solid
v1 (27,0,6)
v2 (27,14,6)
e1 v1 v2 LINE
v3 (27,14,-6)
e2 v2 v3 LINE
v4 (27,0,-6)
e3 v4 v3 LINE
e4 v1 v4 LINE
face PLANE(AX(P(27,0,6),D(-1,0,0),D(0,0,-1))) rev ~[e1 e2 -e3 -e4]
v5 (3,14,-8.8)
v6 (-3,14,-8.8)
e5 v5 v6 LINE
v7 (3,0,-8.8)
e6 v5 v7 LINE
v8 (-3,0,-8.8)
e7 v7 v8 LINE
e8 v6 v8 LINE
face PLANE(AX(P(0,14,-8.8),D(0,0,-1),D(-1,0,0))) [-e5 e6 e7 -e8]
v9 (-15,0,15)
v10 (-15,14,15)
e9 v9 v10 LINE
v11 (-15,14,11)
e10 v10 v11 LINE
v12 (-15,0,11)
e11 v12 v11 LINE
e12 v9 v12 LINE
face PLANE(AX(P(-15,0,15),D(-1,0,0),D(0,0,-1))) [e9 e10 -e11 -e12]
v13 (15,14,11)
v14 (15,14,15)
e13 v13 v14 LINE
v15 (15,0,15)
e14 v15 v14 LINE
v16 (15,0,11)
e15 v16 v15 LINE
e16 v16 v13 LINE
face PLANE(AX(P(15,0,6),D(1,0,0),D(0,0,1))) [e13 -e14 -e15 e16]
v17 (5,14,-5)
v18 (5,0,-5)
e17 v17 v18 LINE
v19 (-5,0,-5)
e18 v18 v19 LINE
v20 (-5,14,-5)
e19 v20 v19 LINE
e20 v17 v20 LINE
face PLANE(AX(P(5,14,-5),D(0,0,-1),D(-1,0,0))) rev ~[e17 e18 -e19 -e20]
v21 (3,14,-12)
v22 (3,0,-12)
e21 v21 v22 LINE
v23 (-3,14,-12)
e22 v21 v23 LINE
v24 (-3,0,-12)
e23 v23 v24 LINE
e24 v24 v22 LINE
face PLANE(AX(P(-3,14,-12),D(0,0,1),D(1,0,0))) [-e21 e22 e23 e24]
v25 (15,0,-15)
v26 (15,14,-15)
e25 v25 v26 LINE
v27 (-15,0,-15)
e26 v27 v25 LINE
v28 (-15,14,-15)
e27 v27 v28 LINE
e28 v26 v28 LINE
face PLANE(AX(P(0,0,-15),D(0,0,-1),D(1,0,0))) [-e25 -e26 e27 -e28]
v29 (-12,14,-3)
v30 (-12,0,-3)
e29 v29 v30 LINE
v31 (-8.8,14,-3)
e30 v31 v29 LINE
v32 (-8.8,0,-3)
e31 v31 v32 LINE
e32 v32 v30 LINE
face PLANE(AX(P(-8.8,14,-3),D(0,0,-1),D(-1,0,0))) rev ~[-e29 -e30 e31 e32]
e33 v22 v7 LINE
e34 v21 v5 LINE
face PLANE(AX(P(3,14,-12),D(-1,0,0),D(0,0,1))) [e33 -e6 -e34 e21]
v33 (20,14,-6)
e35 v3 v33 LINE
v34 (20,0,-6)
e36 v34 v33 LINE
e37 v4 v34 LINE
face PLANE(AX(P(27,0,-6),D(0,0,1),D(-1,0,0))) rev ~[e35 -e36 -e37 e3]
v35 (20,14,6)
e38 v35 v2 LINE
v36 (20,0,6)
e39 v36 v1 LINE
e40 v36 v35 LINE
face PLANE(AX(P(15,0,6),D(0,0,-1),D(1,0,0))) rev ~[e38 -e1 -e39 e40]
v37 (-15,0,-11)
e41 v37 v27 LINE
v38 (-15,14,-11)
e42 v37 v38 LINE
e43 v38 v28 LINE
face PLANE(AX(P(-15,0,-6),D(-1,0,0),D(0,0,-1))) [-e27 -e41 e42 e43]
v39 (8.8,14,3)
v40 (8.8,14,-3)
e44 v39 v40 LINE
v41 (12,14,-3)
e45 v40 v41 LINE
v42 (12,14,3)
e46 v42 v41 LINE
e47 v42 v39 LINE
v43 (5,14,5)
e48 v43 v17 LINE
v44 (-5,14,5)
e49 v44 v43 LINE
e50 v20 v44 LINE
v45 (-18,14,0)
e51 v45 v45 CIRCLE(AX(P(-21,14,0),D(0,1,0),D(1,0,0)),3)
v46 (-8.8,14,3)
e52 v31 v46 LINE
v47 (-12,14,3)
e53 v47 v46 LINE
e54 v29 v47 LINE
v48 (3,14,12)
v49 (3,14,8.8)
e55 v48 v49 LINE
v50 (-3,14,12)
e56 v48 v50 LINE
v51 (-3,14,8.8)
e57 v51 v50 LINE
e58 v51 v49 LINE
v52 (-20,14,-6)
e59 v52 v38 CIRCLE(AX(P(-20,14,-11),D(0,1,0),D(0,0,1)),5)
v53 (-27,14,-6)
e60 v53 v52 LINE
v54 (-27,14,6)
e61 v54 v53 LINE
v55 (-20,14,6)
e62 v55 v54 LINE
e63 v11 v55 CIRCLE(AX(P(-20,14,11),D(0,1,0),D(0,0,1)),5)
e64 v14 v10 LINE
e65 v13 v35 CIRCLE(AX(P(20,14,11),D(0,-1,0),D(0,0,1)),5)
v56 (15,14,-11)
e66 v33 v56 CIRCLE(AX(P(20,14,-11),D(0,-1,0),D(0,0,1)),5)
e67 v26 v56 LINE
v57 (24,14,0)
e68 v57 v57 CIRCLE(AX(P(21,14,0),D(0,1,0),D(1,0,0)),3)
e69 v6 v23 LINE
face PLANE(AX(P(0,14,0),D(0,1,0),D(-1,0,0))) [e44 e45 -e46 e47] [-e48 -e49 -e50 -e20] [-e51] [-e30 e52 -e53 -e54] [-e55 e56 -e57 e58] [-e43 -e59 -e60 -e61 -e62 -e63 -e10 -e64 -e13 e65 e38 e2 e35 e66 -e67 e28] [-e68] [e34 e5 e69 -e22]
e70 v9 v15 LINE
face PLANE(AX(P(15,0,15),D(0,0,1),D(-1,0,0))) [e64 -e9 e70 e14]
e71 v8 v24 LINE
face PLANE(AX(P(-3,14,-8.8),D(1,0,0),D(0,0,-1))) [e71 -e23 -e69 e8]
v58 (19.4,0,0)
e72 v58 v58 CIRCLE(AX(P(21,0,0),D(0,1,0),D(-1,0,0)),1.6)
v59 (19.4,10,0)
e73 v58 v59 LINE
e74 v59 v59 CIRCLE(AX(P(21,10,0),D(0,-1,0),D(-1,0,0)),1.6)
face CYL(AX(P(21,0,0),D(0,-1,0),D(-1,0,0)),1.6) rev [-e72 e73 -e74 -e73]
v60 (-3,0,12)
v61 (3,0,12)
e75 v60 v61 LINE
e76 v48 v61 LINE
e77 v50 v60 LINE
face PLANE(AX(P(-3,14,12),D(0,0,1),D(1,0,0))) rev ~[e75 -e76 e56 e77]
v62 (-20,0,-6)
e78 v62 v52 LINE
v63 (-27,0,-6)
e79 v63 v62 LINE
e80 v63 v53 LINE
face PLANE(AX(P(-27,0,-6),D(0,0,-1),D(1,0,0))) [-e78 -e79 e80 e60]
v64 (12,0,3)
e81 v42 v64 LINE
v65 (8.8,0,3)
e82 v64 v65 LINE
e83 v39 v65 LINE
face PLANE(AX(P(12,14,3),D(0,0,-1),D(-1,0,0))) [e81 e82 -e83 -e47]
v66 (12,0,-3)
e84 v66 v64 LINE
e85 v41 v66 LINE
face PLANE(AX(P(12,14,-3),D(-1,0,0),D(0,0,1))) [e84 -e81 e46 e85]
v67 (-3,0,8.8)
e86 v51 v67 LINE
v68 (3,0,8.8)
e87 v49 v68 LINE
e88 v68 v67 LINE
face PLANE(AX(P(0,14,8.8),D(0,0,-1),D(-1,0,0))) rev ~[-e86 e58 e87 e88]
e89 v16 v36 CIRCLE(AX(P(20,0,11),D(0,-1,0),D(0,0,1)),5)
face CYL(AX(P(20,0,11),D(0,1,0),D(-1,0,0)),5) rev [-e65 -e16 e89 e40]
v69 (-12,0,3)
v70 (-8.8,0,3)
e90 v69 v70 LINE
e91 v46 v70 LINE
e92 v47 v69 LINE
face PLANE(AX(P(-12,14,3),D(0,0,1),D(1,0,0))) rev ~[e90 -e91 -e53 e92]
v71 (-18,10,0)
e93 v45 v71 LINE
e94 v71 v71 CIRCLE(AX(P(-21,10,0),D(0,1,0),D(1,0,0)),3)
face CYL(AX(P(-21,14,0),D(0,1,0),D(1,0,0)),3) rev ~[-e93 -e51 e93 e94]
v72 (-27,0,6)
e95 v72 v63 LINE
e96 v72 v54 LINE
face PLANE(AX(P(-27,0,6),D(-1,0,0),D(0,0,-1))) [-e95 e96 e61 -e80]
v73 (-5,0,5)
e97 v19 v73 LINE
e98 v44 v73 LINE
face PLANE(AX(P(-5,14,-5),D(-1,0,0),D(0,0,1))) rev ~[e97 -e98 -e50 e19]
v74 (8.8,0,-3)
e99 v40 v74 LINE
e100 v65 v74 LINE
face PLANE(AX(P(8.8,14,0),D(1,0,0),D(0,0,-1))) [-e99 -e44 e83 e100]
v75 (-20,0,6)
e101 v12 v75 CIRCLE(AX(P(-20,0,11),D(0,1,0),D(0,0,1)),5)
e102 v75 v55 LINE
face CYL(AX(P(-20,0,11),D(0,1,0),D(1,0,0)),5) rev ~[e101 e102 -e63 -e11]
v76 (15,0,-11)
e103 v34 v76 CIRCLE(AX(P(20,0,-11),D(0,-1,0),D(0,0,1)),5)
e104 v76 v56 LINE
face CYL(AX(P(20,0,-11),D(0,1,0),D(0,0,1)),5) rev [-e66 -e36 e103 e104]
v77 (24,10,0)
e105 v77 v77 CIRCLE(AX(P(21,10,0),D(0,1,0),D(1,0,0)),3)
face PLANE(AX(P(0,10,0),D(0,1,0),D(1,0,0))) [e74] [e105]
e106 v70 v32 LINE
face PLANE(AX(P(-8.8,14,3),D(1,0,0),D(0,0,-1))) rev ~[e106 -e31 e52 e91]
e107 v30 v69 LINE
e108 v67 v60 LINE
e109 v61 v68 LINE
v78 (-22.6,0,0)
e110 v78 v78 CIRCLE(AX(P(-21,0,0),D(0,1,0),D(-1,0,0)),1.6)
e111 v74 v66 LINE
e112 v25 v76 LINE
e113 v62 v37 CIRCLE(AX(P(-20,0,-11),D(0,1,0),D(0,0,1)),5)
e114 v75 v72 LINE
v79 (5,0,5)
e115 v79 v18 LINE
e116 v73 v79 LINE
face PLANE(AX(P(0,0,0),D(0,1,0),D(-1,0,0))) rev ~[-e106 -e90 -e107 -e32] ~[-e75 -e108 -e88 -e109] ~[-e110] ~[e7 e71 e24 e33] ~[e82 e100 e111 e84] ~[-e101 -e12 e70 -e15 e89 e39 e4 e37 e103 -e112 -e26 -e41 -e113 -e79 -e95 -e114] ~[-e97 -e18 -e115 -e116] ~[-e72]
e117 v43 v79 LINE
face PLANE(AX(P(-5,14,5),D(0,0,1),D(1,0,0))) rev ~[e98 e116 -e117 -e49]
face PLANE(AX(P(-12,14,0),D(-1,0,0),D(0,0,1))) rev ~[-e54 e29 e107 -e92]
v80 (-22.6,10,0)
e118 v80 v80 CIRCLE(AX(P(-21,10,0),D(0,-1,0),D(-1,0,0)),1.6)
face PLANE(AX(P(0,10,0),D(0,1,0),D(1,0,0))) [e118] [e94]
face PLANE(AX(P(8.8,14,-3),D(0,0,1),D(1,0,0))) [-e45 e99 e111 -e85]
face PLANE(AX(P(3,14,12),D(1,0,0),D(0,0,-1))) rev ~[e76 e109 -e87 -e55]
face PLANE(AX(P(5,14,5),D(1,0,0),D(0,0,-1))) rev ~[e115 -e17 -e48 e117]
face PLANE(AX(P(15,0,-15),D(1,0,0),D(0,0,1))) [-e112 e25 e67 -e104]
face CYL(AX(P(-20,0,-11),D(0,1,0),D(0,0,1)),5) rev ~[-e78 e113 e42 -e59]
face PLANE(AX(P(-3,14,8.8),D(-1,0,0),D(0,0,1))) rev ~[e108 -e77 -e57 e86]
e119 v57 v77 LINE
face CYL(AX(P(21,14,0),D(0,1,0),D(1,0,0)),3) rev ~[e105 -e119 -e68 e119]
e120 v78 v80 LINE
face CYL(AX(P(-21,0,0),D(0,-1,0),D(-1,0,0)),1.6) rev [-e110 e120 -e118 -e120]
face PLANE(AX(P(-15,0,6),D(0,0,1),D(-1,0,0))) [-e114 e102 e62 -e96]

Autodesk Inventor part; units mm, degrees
ref_plane "YZ Plane" through (0, 0, 0) normal (1, 0, 0) x (0, 1, 0)
ref_plane "XZ Plane" through (0, 0, 0) normal (0, 1, 0) x (-1, 0, 0)
ref_plane "XY Plane" through (0, 0, 0) normal (0, 0, 1) x (1, 0, 0)
sketch "Sketch2" plane through (0, 0, 0) normal (0, 1, 0) x (-1, 0, 0)
  line L0 (-15, 15) -> (15, 15)
  line L1 (15, 15) -> (15, -15)
  line L2 (15, -15) -> (-15, -15)
  line L3 (-15, -15) -> (-15, 15)
  line L4 (-15, 15) -> (15, -15) construction
  line L5 (15, 15) -> (-15, -15) construction
  line L6 (15, 6) -> (27, 6)
  line L7 (27, 6) -> (27, -6)
  line L8 (27, -6) -> (15, -6)
  line L9 (15, -6) -> (15, 6)
  line L10 (0, 15) -> (0, -15)
  line L11 (-15, 6) -> (-27, 6)
  line L12 (-27, 6) -> (-27, -6)
  line L13 (-27, -6) -> (-15, -6)
  line L14 (-15, -6) -> (-15, 6)
  circle A0 centre (21, 0) radius 1.6
  circle A1 centre (-21, 0) radius 1.6
  point P0 (0, 0)
  point P1 (15, 0)
  point P2 (-15, 0)
  point P3 (21, 6)
  point P4 (0, 0)
  dimension "d2" = 30
  dimension "d16" = 12
  dimension "d17" = 3.2
extrude "Extrusion1" add sketch "Sketch2" along normal blind 14
sketch "Sketch3" plane through (0, 14, 0) normal (0, 1, 0) x (1, 0, 0)
  line L0 (-3, -12) -> (3, -12)
  line L1 (3, -12) -> (3, -8.8)
  line L2 (3, -8.8) -> (-3, -8.8)
  line L3 (-3, -8.8) -> (-3, -12)
  line L4 (-3, -12) -> (3, -8.8) construction
  line L5 (3, -12) -> (-3, -8.8) construction
  line L6 (-15, 15) -> (-15, -15) projected
  line L7 (-15, 0) -> (15, 0)
  line L8 (15, -15) -> (15, 15) projected
  line L9 (-12, -3) -> (-8.8, -3)
  line L10 (-8.8, -3) -> (-8.8, 3)
  line L11 (-8.8, 3) -> (-12, 3)
  line L12 (-12, 3) -> (-12, -3)
  line L13 (-12, -3) -> (-8.8, 3) construction
  line L14 (-8.8, -3) -> (-12, 3) construction
  line L15 (-15, -15) -> (15, -15) projected
  line L16 (0, -15) -> (0, 15)
  line L17 (15, 15) -> (-15, 15) projected
  line L18 (-3, 12) -> (3, 12)
  line L19 (3, 12) -> (3, 8.8)
  line L20 (3, 8.8) -> (-3, 8.8)
  line L21 (-3, 8.8) -> (-3, 12)
  line L22 (12, -3) -> (8.8, -3)
  line L23 (8.8, -3) -> (8.8, 3)
  line L24 (8.8, 3) -> (12, 3)
  line L25 (12, 3) -> (12, -3)
  line L26 (12, -3) -> (8.8, 3) construction
  line L27 (8.8, -3) -> (12, 3) construction
  point P0 (0, 0)
  point P1 (0, -10.4)
  point P2 (-10.4, 0)
  point P3 (0, 0)
  point P4 (10.4, 0)
  dimension "d10" = 3
  dimension "d11" = 3
  dimension "d12" = 6
  dimension "d13" = 3.2
extrude "Extrusion2" cut sketch "Sketch3" against normal through all contours L3 L2 L16 L0 | L16 L2 L1 L0 | L10 L9 L12 L7 | L7 L12 L11 L10 | L23 L24 L25 L7 | L7 L25 L22 L23 | L20 L21 L18 L16 | L16 L18 L19 L20
sketch "Sketch4" plane through (0, 14, 0) normal (0, 1, 0) x (1, 0, 0)
  circle A0 centre (-21, 0) radius 3
  circle A1 centre (-21, 0) radius 1.6 projected
  line L0 (-15, -15) -> (15, -15) projected
  line L1 (0, -15) -> (0, 15)
  line L2 (15, 15) -> (-15, 15) projected
  circle A2 centre (21, 0) radius 3
  point P0 (0, 0)
  dimension "d18" = 6
extrude "Extrusion3" cut sketch "Sketch4" against normal blind 4 contours A0 | A1 | A2
fillet "Fillet1" radius 5 4 edges at (15, 7, -6) (15, 7, 6) (-15, 7, 6) (-15, 7, -6)
sketch "Sketch5" plane through (0, 14, 0) normal (0, 1, 0) x (1, 0, 0)
  line L0 (5, 5) -> (-5, 5)
  line L1 (-5, 5) -> (-5, -5)
  line L2 (-5, -5) -> (5, -5)
  line L3 (5, -5) -> (5, 5)
  line L4 (5, 5) -> (-5, -5) construction
  line L5 (-5, 5) -> (5, -5) construction
  point P0 (0, 0)
  dimension "d22" = 10
extrude "Extrusion4" cut sketch "Sketch5" against normal through all
equation "\"d11\" = d10"
properties part number "Lower Path Fixation"
